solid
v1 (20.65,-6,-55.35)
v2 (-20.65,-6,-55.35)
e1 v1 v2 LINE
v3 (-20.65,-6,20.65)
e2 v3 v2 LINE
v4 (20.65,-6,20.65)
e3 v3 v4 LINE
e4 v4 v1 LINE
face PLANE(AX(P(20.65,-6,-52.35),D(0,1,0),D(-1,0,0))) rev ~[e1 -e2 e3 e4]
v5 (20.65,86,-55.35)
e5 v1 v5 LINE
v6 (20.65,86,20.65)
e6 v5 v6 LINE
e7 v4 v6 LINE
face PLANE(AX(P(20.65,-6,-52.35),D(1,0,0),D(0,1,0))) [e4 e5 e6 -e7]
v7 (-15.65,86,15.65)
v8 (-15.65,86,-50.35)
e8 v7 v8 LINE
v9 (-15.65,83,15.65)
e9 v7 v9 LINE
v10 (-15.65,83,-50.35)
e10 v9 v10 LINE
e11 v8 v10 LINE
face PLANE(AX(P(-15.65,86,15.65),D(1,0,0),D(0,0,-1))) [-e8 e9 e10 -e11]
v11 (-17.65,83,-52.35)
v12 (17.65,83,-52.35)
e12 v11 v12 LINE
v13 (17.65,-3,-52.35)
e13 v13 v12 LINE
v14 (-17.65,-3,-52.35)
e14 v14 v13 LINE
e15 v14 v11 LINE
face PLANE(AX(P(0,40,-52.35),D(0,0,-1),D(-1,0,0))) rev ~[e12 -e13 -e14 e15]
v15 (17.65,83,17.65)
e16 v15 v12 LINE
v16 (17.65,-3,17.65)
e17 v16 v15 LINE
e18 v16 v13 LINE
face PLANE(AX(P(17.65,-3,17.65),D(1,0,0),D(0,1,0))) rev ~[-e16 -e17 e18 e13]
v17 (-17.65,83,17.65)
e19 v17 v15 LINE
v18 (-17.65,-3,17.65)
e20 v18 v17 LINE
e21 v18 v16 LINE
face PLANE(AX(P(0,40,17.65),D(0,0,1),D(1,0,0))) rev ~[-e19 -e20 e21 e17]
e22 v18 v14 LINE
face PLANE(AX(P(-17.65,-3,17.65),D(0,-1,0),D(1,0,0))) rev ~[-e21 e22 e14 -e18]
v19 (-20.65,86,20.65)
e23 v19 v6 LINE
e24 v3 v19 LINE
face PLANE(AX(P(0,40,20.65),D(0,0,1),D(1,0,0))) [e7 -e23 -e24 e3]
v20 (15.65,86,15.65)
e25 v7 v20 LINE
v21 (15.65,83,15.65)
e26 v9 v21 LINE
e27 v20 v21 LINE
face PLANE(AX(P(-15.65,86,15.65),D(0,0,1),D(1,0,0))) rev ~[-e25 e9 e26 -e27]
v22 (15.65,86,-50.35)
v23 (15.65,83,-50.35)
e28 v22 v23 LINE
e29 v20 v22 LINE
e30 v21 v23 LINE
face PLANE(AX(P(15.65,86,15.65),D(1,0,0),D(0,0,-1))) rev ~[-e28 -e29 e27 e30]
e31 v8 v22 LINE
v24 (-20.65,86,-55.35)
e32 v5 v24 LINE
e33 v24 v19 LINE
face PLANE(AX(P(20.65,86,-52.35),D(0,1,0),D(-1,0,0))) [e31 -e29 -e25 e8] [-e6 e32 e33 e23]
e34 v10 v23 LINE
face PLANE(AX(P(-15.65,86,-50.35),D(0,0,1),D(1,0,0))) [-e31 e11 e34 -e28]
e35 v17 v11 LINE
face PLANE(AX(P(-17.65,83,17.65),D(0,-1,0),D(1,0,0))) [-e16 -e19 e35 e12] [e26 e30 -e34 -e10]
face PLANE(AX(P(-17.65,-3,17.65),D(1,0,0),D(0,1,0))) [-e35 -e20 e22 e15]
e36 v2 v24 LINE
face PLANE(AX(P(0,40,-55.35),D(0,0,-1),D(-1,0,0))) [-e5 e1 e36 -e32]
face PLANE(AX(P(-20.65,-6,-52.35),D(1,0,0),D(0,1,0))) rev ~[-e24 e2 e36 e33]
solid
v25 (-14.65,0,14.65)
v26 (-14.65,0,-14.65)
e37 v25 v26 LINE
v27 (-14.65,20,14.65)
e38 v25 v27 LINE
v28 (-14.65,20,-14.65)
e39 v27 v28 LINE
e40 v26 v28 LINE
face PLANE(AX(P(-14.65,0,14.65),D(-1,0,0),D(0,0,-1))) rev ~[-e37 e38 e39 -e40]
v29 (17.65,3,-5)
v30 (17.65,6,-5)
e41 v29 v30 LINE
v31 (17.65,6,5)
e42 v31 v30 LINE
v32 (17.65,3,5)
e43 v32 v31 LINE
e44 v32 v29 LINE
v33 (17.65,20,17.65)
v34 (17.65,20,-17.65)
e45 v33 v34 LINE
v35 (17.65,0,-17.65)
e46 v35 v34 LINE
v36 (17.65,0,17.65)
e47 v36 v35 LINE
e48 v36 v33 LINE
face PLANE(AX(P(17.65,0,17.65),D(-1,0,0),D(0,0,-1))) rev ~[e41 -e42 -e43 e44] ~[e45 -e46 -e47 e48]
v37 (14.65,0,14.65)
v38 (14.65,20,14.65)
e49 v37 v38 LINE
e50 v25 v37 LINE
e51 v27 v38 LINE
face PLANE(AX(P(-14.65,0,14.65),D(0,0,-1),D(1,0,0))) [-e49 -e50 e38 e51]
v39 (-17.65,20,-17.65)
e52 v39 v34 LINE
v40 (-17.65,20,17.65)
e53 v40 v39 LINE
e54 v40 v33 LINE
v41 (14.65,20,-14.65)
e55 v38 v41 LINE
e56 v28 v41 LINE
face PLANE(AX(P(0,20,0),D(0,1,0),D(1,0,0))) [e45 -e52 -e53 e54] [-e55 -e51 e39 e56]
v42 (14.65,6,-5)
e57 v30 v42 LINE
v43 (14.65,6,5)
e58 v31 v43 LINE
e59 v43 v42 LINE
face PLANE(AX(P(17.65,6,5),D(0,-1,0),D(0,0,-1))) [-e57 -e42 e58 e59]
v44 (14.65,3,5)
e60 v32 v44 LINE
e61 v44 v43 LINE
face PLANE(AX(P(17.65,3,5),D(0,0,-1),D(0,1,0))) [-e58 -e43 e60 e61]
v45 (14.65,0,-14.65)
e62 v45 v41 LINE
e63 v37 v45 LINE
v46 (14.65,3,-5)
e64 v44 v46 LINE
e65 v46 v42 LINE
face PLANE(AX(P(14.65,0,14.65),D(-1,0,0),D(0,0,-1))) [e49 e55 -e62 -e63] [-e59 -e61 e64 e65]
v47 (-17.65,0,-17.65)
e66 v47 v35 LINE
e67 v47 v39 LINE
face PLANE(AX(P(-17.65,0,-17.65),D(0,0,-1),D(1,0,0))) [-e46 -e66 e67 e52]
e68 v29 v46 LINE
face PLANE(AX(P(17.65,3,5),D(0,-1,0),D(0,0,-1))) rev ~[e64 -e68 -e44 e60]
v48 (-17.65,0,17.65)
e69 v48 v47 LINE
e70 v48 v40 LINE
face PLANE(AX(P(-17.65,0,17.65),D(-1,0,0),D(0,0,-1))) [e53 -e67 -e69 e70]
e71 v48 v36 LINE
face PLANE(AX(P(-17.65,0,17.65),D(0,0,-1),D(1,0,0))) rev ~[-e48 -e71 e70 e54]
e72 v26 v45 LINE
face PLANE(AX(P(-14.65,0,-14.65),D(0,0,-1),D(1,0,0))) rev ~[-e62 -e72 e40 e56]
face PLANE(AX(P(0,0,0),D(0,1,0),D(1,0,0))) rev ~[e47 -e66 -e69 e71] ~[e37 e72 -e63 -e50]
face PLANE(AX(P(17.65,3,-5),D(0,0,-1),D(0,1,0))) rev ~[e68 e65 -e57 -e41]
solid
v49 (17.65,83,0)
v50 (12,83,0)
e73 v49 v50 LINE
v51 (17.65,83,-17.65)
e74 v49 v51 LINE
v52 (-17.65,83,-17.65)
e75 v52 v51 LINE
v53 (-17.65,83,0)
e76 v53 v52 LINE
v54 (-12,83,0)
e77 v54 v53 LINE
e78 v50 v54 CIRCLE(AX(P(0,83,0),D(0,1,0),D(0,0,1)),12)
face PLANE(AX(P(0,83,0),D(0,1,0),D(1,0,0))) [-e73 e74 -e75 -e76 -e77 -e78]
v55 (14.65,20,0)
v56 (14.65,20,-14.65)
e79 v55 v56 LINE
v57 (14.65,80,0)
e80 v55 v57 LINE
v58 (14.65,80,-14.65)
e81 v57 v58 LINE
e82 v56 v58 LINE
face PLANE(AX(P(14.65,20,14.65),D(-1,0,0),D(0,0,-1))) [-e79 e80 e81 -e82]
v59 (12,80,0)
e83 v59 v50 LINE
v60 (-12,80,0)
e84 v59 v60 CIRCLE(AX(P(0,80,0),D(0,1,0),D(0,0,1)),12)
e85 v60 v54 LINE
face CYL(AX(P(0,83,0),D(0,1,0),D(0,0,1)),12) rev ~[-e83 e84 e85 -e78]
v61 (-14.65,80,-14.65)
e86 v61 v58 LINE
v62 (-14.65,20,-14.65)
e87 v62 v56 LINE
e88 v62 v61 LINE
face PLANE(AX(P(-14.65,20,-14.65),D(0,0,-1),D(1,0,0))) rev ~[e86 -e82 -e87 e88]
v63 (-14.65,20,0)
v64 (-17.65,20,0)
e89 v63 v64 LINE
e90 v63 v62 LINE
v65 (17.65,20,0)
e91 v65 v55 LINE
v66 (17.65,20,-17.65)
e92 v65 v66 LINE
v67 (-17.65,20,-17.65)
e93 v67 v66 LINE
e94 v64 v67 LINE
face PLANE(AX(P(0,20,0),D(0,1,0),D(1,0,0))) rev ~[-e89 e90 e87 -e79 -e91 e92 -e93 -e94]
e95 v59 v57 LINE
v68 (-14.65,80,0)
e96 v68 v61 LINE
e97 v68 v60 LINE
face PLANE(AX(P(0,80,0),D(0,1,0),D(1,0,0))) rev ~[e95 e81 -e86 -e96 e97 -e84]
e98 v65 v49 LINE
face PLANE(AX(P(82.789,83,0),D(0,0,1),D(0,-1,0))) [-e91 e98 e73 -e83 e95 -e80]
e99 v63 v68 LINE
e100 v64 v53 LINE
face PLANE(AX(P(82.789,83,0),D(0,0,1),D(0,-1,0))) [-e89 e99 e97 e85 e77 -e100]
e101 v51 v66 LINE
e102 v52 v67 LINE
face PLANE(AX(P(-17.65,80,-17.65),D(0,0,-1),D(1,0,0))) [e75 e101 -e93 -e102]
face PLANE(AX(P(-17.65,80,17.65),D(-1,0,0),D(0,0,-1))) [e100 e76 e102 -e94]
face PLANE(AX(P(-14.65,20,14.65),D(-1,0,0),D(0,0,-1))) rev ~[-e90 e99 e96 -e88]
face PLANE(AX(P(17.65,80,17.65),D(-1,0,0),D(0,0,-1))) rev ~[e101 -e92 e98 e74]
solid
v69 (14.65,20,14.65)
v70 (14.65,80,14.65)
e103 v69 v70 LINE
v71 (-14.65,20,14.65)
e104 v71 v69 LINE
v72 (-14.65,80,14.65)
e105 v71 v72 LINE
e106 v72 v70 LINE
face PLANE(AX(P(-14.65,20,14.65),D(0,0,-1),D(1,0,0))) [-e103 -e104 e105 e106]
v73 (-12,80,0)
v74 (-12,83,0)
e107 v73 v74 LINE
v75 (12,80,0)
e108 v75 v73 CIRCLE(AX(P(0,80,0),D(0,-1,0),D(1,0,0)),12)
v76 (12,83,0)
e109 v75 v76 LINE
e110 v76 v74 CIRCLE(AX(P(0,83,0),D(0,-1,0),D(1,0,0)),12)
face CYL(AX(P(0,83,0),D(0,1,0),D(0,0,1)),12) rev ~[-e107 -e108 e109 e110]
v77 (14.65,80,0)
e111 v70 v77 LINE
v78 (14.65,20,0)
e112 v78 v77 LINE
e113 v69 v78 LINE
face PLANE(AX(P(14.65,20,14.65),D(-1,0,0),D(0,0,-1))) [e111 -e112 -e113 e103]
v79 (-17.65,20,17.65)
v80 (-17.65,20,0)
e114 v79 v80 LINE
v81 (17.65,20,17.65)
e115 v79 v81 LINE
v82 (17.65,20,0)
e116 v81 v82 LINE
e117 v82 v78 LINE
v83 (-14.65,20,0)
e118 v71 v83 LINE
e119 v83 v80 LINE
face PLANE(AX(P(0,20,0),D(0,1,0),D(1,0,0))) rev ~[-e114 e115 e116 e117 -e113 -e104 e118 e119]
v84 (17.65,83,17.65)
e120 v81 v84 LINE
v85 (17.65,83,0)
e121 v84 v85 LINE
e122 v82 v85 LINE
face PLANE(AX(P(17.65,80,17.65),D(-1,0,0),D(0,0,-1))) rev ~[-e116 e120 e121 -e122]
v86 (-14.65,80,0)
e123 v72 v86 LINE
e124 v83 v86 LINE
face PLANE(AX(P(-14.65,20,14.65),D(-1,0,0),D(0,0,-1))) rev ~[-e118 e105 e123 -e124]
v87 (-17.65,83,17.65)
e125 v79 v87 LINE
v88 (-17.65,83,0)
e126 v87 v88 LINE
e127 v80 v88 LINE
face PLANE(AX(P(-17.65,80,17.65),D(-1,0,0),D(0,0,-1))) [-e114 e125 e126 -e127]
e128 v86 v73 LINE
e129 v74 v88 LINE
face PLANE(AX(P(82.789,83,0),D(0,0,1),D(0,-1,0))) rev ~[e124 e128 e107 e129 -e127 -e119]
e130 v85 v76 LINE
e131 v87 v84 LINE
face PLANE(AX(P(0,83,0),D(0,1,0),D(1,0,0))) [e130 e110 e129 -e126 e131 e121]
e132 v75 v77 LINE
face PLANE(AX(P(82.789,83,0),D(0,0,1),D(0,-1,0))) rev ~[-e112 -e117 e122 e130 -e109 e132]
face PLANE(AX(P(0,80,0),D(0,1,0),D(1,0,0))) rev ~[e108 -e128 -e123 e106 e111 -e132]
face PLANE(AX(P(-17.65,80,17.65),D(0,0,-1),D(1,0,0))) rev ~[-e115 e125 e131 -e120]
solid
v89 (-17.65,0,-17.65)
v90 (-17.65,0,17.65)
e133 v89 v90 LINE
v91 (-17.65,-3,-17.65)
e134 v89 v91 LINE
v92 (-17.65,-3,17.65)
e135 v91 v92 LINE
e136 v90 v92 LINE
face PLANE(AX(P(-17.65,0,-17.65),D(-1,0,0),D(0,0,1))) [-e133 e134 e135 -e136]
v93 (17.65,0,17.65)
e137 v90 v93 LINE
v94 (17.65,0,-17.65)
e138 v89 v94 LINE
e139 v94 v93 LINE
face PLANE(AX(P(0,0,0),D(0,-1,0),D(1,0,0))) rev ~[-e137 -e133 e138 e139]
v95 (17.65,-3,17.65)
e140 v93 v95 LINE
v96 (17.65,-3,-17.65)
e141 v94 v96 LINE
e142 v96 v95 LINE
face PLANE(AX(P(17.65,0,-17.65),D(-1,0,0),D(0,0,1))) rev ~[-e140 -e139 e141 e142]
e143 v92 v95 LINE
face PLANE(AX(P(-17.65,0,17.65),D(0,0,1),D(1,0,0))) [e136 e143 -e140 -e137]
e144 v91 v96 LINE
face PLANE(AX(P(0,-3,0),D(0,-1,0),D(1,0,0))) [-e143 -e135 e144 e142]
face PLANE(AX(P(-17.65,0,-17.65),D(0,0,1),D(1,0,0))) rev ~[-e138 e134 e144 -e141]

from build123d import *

# Parameters (mm, degrees)
SKETCH1_W              = 35.3
SKETCH1_H              = 35.3
SKETCH1_W_2            = 29.3
SKETCH1_H_2            = 29.3
EXTRUDE_THIN1_DEPTH    = 20
SKETCH2_W              = 35.3
SKETCH2_H              = 35.3
BOSS_EXTRUDE3_DEPTH    = 3
SKETCH3_W              = 10
SKETCH3_H              = 3
CUT_EXTRUDE1_DEPTH     = 3
SKETCH5_W              = 35.3
SKETCH5_H              = 35.3
SKETCH5_W_2            = 29.3
SKETCH5_H_2            = 29.3
EXTRUDE_THIN2_DEPTH    = 60
SKETCH6_W              = 35.3
SKETCH6_H              = 35.3
BOSS_EXTRUDE4_DEPTH    = 3
SKETCH7_R              = 12
CUT_EXTRUDE2_DEPTH     = 3
SPLIT1_SURFACE_1_BACK  = 100.439
SPLIT1_SURFACE_1_DEPTH = 200.878
SPLIT1_SURFACE_2_BACK  = 100.439
SPLIT1_SURFACE_2_DEPTH = 200.878
SKETCH10_W             = 41.3
SKETCH10_H             = 92
SKETCH10_W_2           = 35.3
SKETCH10_H_2           = 86
EXTRUDE_THIN4_DEPTH    = 70
SKETCH15_W             = 41.3
SKETCH15_H             = 92
BOSS_EXTRUDE7_DEPTH    = 3
SKETCH16_W             = 41.3
SKETCH16_H             = 92
BOSS_EXTRUDE8_DEPTH    = 3
SKETCH17_W             = 31.3
SKETCH17_H             = 66
CUT_EXTRUDE6_DEPTH     = 3


with BuildPart() as part:
    # Sketch1 → Extrude-Thin1 (new body)
    with BuildSketch(Plane(origin=(0, 0, 0), x_dir=(1, 0, 0), z_dir=(0, 1, 0))):
        Rectangle(SKETCH1_W, SKETCH1_H)
        Rectangle(SKETCH1_W_2, SKETCH1_H_2, mode=Mode.SUBTRACT)
    extrude(amount=EXTRUDE_THIN1_DEPTH)

    # Sketch3 → Cut-Extrude1 (cut)
    with BuildSketch(Plane(origin=(17.65, 0, 0), x_dir=(0, 0, -1), z_dir=(1, 0, 0))):
        with Locations((0, 4.5)):
            Rectangle(SKETCH3_W, SKETCH3_H)
    extrude(amount=-CUT_EXTRUDE1_DEPTH, mode=Mode.SUBTRACT)


with BuildPart() as body_2:
    # Sketch2 → Boss-Extrude3 (new body)
    with BuildSketch(Plane.XZ):
        Rectangle(SKETCH2_W, SKETCH2_H)
    extrude(amount=BOSS_EXTRUDE3_DEPTH)


with BuildPart() as body_3:
    # Sketch5 → Extrude-Thin2 (new body)
    with BuildSketch(Plane(origin=(0, 20, 0), x_dir=(1, 0, 0), z_dir=(0, 1, 0))):
        Rectangle(SKETCH5_W, SKETCH5_H)
        Rectangle(SKETCH5_W_2, SKETCH5_H_2, mode=Mode.SUBTRACT)
    extrude(amount=EXTRUDE_THIN2_DEPTH)

    # Sketch6 → Boss-Extrude4 (add)
    with BuildSketch(Plane(origin=(0, 80, 0), x_dir=(1, 0, 0), z_dir=(0, 1, 0))):
        Rectangle(SKETCH6_W, SKETCH6_H)
    extrude(amount=BOSS_EXTRUDE4_DEPTH)

    # Sketch7 → Cut-Extrude2 (cut)
    with BuildSketch(Plane(origin=(0, 83, 0), x_dir=(1, 0, 0), z_dir=(0, 1, 0))):
        with Locations(Location((0, 0, 0), (0, 0, 270))):
            Circle(SKETCH7_R)
    extrude(amount=-CUT_EXTRUDE2_DEPTH, mode=Mode.SUBTRACT)


with BuildPart() as body_4:
    # Split1: the piece behind the surface
    add(body_3.part)
    # Split1 surface: a surface, the sketch's curves swept straight by 200.878 mm
    with BuildLine(Plane.ZY.offset(17.65).offset(-SPLIT1_SURFACE_1_BACK), mode=Mode.PRIVATE) as split1_surface_1_path:
        Line((0, 83), (0, 20))
    split1_surface_1 = Shell.extrude(split1_surface_1_path.wire(), (-1 * SPLIT1_SURFACE_1_DEPTH, 0 * SPLIT1_SURFACE_1_DEPTH, 0 * SPLIT1_SURFACE_1_DEPTH))
    split(bisect_by=split1_surface_1, keep=Keep.BOTTOM)


with BuildPart() as body_3_1:
    add(body_3.part)

    # Split1: split by a surface, the side it looks to stays
    # Split1 surface: a surface, the sketch's curves swept straight by 200.878 mm
    with BuildLine(Plane.ZY.offset(17.65).offset(-SPLIT1_SURFACE_2_BACK), mode=Mode.PRIVATE) as split1_surface_2_path:
        Line((0, 83), (0, 20))
    split1_surface_2 = Shell.extrude(split1_surface_2_path.wire(), (-1 * SPLIT1_SURFACE_2_DEPTH, 0 * SPLIT1_SURFACE_2_DEPTH, 0 * SPLIT1_SURFACE_2_DEPTH))
    split(bisect_by=split1_surface_2, keep=Keep.TOP)


with BuildPart() as body_5:
    # Sketch10 → Extrude-Thin4 (new body)
    with BuildSketch(Plane.XY.offset(17.65)):
        with Locations((0, 40)):
            Rectangle(SKETCH10_W, SKETCH10_H)
        with Locations((0, 40)):
            Rectangle(SKETCH10_W_2, SKETCH10_H_2, mode=Mode.SUBTRACT)
    extrude(amount=-EXTRUDE_THIN4_DEPTH)

    # Sketch15 → Boss-Extrude7 (add)
    with BuildSketch(Plane.XY.offset(17.65)):
        with Locations((0, 40)):
            Rectangle(SKETCH15_W, SKETCH15_H)
    extrude(amount=BOSS_EXTRUDE7_DEPTH)

    # Sketch16 → Boss-Extrude8 (add)
    with BuildSketch(Plane(origin=(0, 0, -52.35), x_dir=(-1, 0, 0), z_dir=(0, 0, -1))):
        with Locations((0, 40)):
            Rectangle(SKETCH16_W, SKETCH16_H)
    extrude(amount=BOSS_EXTRUDE8_DEPTH)

    # Sketch17 → Cut-Extrude6 (cut)
    with BuildSketch(Plane(origin=(0, 86, 0), x_dir=(1, 0, 0), z_dir=(0, 1, 0))):
        with Locations((0, 17.35)):
            Rectangle(SKETCH17_W, SKETCH17_H)
    extrude(amount=-CUT_EXTRUDE6_DEPTH, mode=Mode.SUBTRACT)


solid = Compound([part.part, body_2.part, body_4.part, body_3_1.part, body_5.part])
